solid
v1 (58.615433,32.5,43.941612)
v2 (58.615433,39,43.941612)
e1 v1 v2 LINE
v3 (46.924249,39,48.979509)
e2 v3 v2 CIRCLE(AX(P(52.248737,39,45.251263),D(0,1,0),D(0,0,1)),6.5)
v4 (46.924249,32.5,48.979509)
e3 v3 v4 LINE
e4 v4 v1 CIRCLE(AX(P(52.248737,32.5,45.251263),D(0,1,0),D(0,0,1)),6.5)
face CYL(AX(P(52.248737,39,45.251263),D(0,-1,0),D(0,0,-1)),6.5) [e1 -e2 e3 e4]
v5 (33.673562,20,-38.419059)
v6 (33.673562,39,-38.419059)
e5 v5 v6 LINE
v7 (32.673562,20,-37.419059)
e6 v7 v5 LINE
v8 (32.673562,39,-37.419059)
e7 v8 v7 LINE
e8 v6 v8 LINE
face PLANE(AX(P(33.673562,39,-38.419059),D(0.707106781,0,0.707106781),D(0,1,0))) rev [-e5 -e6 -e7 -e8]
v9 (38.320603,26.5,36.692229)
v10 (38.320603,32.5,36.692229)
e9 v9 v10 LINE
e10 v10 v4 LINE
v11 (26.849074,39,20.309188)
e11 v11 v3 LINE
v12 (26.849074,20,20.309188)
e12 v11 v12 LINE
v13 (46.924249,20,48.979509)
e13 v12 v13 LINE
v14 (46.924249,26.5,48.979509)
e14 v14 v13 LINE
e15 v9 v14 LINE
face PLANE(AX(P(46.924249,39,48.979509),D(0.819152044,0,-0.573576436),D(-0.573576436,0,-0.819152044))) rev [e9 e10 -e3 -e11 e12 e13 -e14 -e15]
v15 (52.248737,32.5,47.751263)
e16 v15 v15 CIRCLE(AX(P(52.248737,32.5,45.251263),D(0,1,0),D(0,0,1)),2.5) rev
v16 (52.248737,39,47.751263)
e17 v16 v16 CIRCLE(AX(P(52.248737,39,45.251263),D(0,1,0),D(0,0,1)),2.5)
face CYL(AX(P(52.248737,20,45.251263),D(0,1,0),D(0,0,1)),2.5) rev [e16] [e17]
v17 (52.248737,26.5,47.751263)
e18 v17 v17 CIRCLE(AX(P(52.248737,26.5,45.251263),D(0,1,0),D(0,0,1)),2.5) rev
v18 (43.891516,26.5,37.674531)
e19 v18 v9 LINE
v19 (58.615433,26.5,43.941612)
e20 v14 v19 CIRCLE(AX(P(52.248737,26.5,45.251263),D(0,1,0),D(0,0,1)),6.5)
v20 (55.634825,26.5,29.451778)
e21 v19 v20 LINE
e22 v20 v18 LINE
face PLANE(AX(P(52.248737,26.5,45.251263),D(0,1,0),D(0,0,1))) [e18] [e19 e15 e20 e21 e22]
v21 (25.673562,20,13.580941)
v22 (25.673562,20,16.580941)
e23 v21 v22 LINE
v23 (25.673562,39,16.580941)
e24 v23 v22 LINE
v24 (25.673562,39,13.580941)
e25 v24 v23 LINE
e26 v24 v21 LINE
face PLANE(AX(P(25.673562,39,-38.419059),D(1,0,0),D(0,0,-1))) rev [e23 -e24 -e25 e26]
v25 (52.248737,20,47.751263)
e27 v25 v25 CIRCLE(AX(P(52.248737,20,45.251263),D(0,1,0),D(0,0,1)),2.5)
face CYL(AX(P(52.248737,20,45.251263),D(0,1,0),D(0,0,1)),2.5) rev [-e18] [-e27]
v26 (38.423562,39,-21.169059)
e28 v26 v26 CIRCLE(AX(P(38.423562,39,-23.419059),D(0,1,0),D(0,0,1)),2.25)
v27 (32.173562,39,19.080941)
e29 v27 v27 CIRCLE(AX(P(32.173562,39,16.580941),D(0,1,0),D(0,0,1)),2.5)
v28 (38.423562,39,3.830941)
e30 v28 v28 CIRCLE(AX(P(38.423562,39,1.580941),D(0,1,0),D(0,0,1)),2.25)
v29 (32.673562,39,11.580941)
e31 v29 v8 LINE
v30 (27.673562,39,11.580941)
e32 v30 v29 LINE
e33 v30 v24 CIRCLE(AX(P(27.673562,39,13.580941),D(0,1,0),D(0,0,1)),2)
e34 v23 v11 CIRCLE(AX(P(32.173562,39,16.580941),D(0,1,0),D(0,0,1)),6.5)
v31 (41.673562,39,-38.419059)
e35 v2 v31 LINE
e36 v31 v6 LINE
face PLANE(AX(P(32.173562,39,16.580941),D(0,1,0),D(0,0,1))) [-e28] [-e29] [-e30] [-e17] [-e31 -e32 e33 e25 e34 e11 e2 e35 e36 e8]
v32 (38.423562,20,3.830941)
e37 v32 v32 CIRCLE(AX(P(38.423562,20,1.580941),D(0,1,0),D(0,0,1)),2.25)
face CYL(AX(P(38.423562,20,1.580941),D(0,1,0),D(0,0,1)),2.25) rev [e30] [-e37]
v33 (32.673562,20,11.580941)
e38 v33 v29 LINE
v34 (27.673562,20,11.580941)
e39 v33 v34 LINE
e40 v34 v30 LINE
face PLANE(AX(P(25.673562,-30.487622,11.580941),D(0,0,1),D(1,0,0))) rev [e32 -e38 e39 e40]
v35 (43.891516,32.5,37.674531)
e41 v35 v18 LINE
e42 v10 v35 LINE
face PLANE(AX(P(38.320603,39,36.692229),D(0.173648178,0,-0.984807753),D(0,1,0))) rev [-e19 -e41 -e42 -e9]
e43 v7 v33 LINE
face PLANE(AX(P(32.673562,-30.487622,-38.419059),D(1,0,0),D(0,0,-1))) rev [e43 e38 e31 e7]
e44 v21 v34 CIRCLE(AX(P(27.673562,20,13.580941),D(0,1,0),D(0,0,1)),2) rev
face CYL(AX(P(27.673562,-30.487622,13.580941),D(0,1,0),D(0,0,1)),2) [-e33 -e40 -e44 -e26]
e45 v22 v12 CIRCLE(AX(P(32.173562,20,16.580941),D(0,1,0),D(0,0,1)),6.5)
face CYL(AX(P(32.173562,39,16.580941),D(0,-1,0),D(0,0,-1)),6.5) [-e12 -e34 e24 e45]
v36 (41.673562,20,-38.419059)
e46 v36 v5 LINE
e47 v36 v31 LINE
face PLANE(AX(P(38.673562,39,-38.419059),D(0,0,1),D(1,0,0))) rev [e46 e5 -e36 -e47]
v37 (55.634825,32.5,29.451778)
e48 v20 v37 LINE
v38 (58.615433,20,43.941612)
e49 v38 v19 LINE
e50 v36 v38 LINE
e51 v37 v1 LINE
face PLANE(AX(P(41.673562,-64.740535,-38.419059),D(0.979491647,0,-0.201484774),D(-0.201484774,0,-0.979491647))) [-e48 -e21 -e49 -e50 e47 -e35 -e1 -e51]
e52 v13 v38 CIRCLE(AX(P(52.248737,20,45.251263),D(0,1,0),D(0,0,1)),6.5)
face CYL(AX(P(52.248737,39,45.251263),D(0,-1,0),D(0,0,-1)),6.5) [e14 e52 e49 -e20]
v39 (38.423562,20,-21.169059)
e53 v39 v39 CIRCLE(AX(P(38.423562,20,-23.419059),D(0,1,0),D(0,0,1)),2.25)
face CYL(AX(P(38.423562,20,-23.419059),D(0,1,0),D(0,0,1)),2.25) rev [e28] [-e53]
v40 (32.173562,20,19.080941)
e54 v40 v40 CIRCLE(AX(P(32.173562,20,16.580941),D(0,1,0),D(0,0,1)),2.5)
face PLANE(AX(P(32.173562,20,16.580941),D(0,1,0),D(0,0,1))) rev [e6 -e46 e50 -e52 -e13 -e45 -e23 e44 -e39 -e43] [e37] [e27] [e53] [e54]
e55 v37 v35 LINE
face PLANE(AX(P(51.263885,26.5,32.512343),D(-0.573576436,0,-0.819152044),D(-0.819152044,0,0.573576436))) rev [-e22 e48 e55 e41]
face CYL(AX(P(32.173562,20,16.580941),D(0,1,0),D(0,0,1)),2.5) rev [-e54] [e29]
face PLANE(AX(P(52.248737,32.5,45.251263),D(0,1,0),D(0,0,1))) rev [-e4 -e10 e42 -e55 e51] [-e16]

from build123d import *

# Parameters (mm, degrees)
BOSS_EXTRU_2_DEPTH      = 19
ESQUISSE3_R             = 2.5
ENL_V_MAT_EXTRU_1_DEPTH = 81.564305533
ENL_V_MAT_EXTRU_2_DEPTH = 3
CHANFREIN1_SIZE         = 4
ESQUISSE7_W             = 7
ESQUISSE7_H             = 50
ENL_V_MAT_EXTRU_4_DEPTH = 19
BOSS_EXTRU_3_REACH      = 82.564
ENL_V_START             = 6
ENL_V_MAT_EXTRU_7_DEPTH = 6
CONG_2_R                = 2
CHANFREIN2_SIZE         = 1
ESQUISSE9_R             = 2.25
ENL_V_MAT_EXTRU_5_DEPTH = 81.564305533


with BuildPart() as part:
    # Esquisse1 → Boss.-Extru.2 (new body)
    with BuildSketch(Plane(origin=(0, 20, 0), x_dir=(1, 0, 0), z_dir=(0, 1, 0))):
        with BuildLine():
            Line((25.673562069, 38.419058892), (25.673562069, -16.580941108))
            ThreePointArc((25.673562069, -16.580941108), (25.974401889, -18.535528805), (26.849073781, -20.309187945))
            Line((26.849073781, -20.309187945), (46.924249054, -48.979509495))
            ThreePointArc((46.924249054, -48.979509495), (55.976984178, -50.575750946), (57.573225629, -41.523015822))
            Line((57.573225629, -41.523015822), (39.758649804, -16.081164865))
            ThreePointArc((39.758649804, -16.081164865), (38.951260365, -14.443941044), (38.673562069, -12.639706247))
            Line((38.673562069, -12.639706247), (38.673562069, 38.419058892))
            Line((38.673562069, 38.419058892), (25.673562069, 38.419058892))
        make_face()
    extrude(amount=BOSS_EXTRU_2_DEPTH)

    # Esquisse3 → Enlèv. mat.-Extru.1 (cut, through all)
    with BuildSketch(Plane(origin=(0, 39, 0), x_dir=(1, 0, 0), z_dir=(0, 1, 0))):
        with Locations(Location((32.173562069, -16.580941108, 0), (0, 0, 270))):
            Circle(ESQUISSE3_R)
        with Locations(Location((52.248737342, -45.251262658, 0), (0, 0, 270))):
            Circle(ESQUISSE3_R)
    extrude(amount=-ENL_V_MAT_EXTRU_1_DEPTH, mode=Mode.SUBTRACT)

    # Esquisse4 → Enlèv. mat.-Extru.2 (cut, symmetric)
    with BuildSketch(Plane(origin=(0, 29.5, 0), x_dir=(1, 0, 0), z_dir=(0, 1, 0))):
        with BuildLine():
            Line((57.573225629, -41.523015822), (51.26388483, -32.512343335))
            Line((51.26388483, -32.512343335), (40.614908254, -39.968837008))
            Line((40.614908254, -39.968837008), (46.924249054, -48.979509495))
            ThreePointArc((46.924249054, -48.979509495), (55.976984178, -50.575750946), (57.573225629, -41.523015822))
        make_face()
    extrude(amount=ENL_V_MAT_EXTRU_2_DEPTH, both=True, mode=Mode.SUBTRACT)

    # Chanfrein1
    chanfrein1_edges = [part.edges().sort_by_distance(p)[0] for p in [
        (40.614908254, 29.5, 39.968837008),
    ]]
    chamfer(chanfrein1_edges, length=CHANFREIN1_SIZE)

    # Esquisse7 → Enlèv. mat.-Extru.4 (cut)
    with BuildSketch(Plane(origin=(0, 39, 0), x_dir=(1, 0, 0), z_dir=(0, 1, 0))):
        with Locations((29.173562069, 13.419058892)):
            Rectangle(ESQUISSE7_W, ESQUISSE7_H)
    extrude(amount=-ENL_V_MAT_EXTRU_4_DEPTH, mode=Mode.SUBTRACT)

    # Boss.-Extru.3: up to this face of the body (flat: up to its plane)
    boss_extru_3_end = Plane(part.part.faces().sort_by_distance((29.173562069, 20, 12.541391737))[0])
    # Esquisse8 → Boss.-Extru.3 (add, up to the picked face)
    with BuildSketch(Plane(origin=(0, 39, 0), x_dir=(1, 0, 0), z_dir=(0, 1, 0)), mode=Mode.PRIVATE) as boss_extru_3_sk1:
        with BuildLine():
            Line((38.673562069, 38.419058892), (41.673562069, 38.419058892))
            Line((41.673562069, 38.419058892), (58.615433045, -43.941611626))
            Line((58.615433045, -43.941611626), (57.573225629, -43.941611626))
            Line((57.573225629, -43.941611626), (57.573225629, -41.523015822))
            Line((57.573225629, -41.523015822), (39.758649804, -16.081164865))
            ThreePointArc((39.758649804, -16.081164865), (38.951260365, -14.443941044), (38.673562069, -12.639706247))
            Line((38.673562069, -12.639706247), (38.673562069, 38.419058892))
        make_face()
    boss_extru_3_tool1 = split(extrude(boss_extru_3_sk1.sketch, amount=-BOSS_EXTRU_3_REACH, mode=Mode.PRIVATE), bisect_by=boss_extru_3_end, keep=Keep.BOTH, mode=Mode.PRIVATE)
    add(boss_extru_3_tool1.solids().sort_by(Axis((45.454981, 39, 2.99996), (0, -1, 0)))[0])

    # Esquisse11 → Enlèv. mat.-Extru.7 (cut)
    with BuildSketch(Plane.XZ.offset(-32.5).offset(ENL_V_START)):
        with BuildLine():
            Line((51.26388483, 32.512343335), (43.891516431, 37.674531262))
            Line((43.891516431, 37.674531262), (38.320602508, 36.69222883))
            Line((38.320602508, 36.69222883), (46.924249054, 48.979509495))
            ThreePointArc((46.924249054, 48.979509495), (54.821022864, 51.220630062), (58.615433045, 43.941611626))
            Line((58.615433045, 43.941611626), (55.634824859, 29.451778178))
            Line((55.634824859, 29.451778178), (51.26388483, 32.512343335))
        make_face()
    extrude(amount=-ENL_V_MAT_EXTRU_7_DEPTH, mode=Mode.SUBTRACT)

    # Congé2
    cong_2_edges = [part.edges().sort_by_distance(p)[0] for p in [
        (25.673562069, 29.5, 11.580941108),
    ]]
    fillet(cong_2_edges, radius=CONG_2_R)

    # Chanfrein2
    chanfrein2_edges = [part.edges().sort_by_distance(p)[0] for p in [
        (32.673562069, 29.5, -38.419058892),
    ]]
    chamfer(chanfrein2_edges, length=CHANFREIN2_SIZE)

    # Esquisse9 → Enlèv. mat.-Extru.5 (cut, through all)
    with BuildSketch(Plane(origin=(0, 39, 0), x_dir=(1, 0, 0), z_dir=(0, 1, 0))):
        with Locations(Location((38.423562069, 23.419058892, 0), (0, 0, 270))):
            Circle(ESQUISSE9_R)
        with Locations(Location((38.423562069, -1.580941108, 0), (0, 0, 270))):
            Circle(ESQUISSE9_R)
    extrude(amount=-ENL_V_MAT_EXTRU_5_DEPTH, mode=Mode.SUBTRACT)


solid = part.part
